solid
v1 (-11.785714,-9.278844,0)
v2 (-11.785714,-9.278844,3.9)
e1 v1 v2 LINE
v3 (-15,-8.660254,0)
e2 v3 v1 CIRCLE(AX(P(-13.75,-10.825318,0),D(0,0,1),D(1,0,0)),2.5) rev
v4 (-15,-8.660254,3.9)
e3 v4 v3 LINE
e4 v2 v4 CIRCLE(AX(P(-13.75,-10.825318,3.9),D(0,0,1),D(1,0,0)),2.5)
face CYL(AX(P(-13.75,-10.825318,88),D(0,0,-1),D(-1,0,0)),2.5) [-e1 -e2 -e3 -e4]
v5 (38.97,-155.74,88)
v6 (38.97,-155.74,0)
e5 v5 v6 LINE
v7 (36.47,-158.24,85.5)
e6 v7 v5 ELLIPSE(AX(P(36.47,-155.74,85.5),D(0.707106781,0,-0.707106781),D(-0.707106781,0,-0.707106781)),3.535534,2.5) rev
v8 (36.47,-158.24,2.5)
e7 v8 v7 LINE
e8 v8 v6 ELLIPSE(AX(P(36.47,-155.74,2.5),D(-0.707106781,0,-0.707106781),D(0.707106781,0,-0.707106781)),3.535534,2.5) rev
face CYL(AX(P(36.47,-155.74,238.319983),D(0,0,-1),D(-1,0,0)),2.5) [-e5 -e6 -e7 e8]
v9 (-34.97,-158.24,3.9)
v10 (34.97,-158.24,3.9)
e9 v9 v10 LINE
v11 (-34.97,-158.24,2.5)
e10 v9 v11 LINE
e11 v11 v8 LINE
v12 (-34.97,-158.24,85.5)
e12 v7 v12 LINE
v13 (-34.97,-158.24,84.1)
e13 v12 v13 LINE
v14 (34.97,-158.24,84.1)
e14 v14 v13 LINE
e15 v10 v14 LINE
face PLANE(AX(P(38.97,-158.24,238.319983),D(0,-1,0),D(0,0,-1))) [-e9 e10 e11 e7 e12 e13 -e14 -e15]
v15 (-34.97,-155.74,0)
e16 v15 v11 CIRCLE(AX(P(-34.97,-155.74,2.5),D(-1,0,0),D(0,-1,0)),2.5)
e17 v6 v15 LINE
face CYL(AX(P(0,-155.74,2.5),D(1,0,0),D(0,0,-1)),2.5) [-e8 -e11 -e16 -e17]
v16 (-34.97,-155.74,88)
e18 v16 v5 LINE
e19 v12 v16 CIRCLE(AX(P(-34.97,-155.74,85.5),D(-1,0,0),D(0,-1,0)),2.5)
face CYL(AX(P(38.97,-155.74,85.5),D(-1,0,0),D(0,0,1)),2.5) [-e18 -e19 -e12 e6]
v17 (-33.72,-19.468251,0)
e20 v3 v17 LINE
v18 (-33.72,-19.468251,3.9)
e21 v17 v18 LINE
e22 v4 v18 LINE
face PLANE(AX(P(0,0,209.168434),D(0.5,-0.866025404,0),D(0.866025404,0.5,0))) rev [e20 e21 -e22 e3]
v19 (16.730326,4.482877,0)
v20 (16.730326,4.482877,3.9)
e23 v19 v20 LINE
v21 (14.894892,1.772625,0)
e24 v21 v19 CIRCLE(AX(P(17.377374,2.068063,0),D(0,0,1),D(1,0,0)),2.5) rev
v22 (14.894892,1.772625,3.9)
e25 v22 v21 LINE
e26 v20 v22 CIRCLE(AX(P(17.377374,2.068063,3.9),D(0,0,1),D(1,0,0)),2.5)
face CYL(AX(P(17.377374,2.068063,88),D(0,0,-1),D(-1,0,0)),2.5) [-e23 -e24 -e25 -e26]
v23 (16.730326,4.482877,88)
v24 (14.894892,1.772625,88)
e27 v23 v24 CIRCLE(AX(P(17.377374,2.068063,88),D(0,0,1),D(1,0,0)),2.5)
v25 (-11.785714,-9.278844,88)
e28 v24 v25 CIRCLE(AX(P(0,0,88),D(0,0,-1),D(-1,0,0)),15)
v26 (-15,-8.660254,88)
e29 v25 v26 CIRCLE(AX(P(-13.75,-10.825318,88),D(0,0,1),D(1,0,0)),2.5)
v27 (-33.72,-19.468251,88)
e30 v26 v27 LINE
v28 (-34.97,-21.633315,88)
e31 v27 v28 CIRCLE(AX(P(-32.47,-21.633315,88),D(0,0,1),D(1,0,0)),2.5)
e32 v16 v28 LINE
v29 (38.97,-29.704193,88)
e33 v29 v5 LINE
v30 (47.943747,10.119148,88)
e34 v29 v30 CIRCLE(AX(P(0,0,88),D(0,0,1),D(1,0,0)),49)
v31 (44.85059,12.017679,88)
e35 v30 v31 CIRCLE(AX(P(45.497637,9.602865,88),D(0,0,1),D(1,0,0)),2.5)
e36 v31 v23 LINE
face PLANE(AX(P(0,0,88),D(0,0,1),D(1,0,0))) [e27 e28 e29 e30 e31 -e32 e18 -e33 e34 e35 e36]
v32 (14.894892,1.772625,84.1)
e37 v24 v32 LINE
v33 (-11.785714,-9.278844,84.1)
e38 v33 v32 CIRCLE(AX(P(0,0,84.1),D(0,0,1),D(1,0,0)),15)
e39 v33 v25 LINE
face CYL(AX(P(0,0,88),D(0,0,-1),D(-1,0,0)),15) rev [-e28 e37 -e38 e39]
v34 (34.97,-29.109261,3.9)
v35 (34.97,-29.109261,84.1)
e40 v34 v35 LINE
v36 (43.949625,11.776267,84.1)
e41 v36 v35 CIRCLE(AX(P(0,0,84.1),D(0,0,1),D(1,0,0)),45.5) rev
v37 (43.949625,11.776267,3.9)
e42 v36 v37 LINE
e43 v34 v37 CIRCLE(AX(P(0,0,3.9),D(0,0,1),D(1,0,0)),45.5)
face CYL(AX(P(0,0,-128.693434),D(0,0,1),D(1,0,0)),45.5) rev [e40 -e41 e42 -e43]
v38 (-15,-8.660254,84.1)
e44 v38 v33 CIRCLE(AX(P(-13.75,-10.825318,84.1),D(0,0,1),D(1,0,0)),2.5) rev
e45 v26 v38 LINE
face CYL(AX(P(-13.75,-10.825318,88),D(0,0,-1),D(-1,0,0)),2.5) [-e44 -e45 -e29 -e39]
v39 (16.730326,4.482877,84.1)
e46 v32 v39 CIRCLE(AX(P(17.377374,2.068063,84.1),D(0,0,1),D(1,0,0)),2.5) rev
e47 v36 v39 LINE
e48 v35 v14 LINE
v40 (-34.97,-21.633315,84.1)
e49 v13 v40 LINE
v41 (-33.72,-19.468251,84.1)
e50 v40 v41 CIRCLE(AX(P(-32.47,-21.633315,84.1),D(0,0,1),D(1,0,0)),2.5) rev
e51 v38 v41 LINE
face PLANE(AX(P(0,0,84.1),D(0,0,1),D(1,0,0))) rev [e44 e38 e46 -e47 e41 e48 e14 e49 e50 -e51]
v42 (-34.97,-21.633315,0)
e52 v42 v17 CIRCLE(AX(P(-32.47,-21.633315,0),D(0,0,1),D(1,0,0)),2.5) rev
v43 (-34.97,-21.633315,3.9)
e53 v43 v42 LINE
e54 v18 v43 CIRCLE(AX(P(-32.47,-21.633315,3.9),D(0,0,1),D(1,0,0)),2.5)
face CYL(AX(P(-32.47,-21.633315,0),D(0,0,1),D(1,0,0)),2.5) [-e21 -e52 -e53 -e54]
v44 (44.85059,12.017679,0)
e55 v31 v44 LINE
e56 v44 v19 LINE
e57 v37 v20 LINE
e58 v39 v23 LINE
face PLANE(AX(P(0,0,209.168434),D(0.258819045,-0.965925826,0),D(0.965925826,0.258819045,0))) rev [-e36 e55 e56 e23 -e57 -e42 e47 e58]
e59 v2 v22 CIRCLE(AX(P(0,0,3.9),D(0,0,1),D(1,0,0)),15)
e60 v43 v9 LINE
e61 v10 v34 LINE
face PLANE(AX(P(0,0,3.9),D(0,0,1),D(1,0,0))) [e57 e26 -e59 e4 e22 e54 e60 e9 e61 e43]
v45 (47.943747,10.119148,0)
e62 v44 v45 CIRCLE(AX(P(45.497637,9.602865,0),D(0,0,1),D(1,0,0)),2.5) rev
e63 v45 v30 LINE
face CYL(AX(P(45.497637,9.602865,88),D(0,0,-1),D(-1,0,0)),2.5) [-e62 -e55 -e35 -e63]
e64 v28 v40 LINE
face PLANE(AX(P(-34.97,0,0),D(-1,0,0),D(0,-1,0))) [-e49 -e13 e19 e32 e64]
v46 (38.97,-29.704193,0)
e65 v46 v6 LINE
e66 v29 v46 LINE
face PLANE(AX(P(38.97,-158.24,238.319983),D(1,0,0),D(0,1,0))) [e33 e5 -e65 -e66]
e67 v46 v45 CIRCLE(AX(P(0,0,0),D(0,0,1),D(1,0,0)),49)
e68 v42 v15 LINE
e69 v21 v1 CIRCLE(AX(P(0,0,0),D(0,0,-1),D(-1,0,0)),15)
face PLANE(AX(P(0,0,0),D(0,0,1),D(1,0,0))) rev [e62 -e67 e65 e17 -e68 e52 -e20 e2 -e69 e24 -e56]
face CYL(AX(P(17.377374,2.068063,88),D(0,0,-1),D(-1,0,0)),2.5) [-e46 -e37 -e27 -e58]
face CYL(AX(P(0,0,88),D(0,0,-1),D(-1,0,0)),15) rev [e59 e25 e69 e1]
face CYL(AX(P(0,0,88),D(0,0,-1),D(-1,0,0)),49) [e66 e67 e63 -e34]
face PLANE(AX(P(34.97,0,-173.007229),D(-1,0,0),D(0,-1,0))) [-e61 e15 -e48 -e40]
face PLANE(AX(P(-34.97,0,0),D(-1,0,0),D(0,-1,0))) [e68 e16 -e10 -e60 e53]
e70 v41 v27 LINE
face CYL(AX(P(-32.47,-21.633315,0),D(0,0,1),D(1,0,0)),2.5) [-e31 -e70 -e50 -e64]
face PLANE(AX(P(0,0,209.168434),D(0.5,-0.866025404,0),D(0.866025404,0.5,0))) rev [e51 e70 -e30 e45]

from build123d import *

# Parameters (mm, degrees)
SKETCH1_R               = 49
BOSS_EXTRUDE1_DEPTH     = 88
CUT_EXTRUDE1_DEPTH      = 88
SKETCH3_W               = 77.94
SKETCH3_H               = 128.535806693
BOSS_EXTRUDE2_DEPTH     = 88
CUT_EXTRUDE2_DEPTH      = 40.1
CUT_EXTRUDE2_DEPTH_BACK = 40.1
SKETCH4_R               = 45.5
CUT_EXTRUDE3_DEPTH      = 40.1
CUT_EXTRUDE3_DEPTH_BACK = 40.1
SKETCH5_W               = 69.94
SKETCH5_H               = 158.24
CUT_EXTRUDE5_DEPTH      = 202.302306246
CUT_EXTRUDE5_DEPTH_BACK = 4
SKETCH6_W               = 88
SKETCH6_H               = 170.045451323
SKETCH7_R               = 15
CUT_EXTRUDE6_DEPTH      = 188.576378044
FILLET1_R               = 2.5


with BuildPart() as part:
    # Sketch1 → Boss-Extrude1 (new body)
    with BuildSketch(Plane.XY):
        Circle(SKETCH1_R)
    extrude(amount=BOSS_EXTRUDE1_DEPTH)

    # Sketch2 → Cut-Extrude1 (cut)
    with BuildSketch(Plane(origin=(0, 0, 0), x_dir=(-1, 0, 0), z_dir=(0, 0, -1))):
        with BuildLine():
            Line((0, 0), (-47.330365488, 12.68213321))
            ThreePointArc((-47.330365488, 12.68213321), (18.751488186, 45.270097093), (42.435244785, -24.5))
            Line((42.435244785, -24.5), (0, 0))
        make_face()
    extrude(amount=-CUT_EXTRUDE1_DEPTH, mode=Mode.SUBTRACT)

    # Sketch3 → Boss-Extrude2 (add)
    with BuildSketch(Plane(origin=(0, 0, 0), x_dir=(-1, 0, 0), z_dir=(0, 0, -1))):
        with Locations((0, -93.972096654)):
            Rectangle(SKETCH3_W, SKETCH3_H)
    extrude(amount=-BOSS_EXTRUDE2_DEPTH)

    # Sketch4 → Cut-Extrude2 (cut, two sides: drawn at the far end of the back side and taken through both)
    with BuildSketch(Plane(origin=(0, 0, 44), x_dir=(-1, 0, 0), z_dir=(0, 0, -1)).offset(-CUT_EXTRUDE2_DEPTH_BACK)):
        Circle(SKETCH4_R)
    extrude(amount=CUT_EXTRUDE2_DEPTH + CUT_EXTRUDE2_DEPTH_BACK, mode=Mode.SUBTRACT)

    # Sketch5 → Cut-Extrude3 (cut, two sides: drawn at the far end of the back side and taken through both)
    with BuildSketch(Plane(origin=(0, 0, 44), x_dir=(-1, 0, 0), z_dir=(0, 0, -1)).offset(-CUT_EXTRUDE3_DEPTH_BACK)):
        with Locations((0, -79.12)):
            Rectangle(SKETCH5_W, SKETCH5_H)
    extrude(amount=CUT_EXTRUDE3_DEPTH + CUT_EXTRUDE3_DEPTH_BACK, mode=Mode.SUBTRACT)

    # Sketch6 → Cut-Extrude5 (cut, two sides: drawn at the far end of the back side and taken through both)
    with BuildSketch(Plane.ZY.offset(38.97).offset(-CUT_EXTRUDE5_DEPTH_BACK)):
        with Locations((44, -73.246459109)):
            Rectangle(SKETCH6_W, SKETCH6_H)
    extrude(amount=CUT_EXTRUDE5_DEPTH + CUT_EXTRUDE5_DEPTH_BACK, mode=Mode.SUBTRACT)

    # Sketch7 → Cut-Extrude6 (cut, through all)
    with BuildSketch(Plane(origin=(0, 0, 0), x_dir=(-1, 0, 0), z_dir=(0, 0, -1))):
        Circle(SKETCH7_R)
    extrude(amount=-CUT_EXTRUDE6_DEPTH, mode=Mode.SUBTRACT)

    # Fillet1
    fillet1_edges = [part.edges().sort_by_distance(p)[0] for p in [
        (47.330365488, 12.68213321, 44),
        (14.488887394, 3.882285677, 86.05),
        (14.488887394, 3.882285677, 1.95),
        (-12.990381057, -7.5, 1.95),
        (-12.990381057, -7.5, 86.05),
        (2, -158.24, 0),
        (38.97, -158.24, 44),
        (2, -158.24, 88),
        (-34.97, -20.189938914, 1.95),
        (-34.97, -20.189938914, 86.05),
    ]]
    fillet(fillet1_edges, radius=FILLET1_R)


solid = part.part
